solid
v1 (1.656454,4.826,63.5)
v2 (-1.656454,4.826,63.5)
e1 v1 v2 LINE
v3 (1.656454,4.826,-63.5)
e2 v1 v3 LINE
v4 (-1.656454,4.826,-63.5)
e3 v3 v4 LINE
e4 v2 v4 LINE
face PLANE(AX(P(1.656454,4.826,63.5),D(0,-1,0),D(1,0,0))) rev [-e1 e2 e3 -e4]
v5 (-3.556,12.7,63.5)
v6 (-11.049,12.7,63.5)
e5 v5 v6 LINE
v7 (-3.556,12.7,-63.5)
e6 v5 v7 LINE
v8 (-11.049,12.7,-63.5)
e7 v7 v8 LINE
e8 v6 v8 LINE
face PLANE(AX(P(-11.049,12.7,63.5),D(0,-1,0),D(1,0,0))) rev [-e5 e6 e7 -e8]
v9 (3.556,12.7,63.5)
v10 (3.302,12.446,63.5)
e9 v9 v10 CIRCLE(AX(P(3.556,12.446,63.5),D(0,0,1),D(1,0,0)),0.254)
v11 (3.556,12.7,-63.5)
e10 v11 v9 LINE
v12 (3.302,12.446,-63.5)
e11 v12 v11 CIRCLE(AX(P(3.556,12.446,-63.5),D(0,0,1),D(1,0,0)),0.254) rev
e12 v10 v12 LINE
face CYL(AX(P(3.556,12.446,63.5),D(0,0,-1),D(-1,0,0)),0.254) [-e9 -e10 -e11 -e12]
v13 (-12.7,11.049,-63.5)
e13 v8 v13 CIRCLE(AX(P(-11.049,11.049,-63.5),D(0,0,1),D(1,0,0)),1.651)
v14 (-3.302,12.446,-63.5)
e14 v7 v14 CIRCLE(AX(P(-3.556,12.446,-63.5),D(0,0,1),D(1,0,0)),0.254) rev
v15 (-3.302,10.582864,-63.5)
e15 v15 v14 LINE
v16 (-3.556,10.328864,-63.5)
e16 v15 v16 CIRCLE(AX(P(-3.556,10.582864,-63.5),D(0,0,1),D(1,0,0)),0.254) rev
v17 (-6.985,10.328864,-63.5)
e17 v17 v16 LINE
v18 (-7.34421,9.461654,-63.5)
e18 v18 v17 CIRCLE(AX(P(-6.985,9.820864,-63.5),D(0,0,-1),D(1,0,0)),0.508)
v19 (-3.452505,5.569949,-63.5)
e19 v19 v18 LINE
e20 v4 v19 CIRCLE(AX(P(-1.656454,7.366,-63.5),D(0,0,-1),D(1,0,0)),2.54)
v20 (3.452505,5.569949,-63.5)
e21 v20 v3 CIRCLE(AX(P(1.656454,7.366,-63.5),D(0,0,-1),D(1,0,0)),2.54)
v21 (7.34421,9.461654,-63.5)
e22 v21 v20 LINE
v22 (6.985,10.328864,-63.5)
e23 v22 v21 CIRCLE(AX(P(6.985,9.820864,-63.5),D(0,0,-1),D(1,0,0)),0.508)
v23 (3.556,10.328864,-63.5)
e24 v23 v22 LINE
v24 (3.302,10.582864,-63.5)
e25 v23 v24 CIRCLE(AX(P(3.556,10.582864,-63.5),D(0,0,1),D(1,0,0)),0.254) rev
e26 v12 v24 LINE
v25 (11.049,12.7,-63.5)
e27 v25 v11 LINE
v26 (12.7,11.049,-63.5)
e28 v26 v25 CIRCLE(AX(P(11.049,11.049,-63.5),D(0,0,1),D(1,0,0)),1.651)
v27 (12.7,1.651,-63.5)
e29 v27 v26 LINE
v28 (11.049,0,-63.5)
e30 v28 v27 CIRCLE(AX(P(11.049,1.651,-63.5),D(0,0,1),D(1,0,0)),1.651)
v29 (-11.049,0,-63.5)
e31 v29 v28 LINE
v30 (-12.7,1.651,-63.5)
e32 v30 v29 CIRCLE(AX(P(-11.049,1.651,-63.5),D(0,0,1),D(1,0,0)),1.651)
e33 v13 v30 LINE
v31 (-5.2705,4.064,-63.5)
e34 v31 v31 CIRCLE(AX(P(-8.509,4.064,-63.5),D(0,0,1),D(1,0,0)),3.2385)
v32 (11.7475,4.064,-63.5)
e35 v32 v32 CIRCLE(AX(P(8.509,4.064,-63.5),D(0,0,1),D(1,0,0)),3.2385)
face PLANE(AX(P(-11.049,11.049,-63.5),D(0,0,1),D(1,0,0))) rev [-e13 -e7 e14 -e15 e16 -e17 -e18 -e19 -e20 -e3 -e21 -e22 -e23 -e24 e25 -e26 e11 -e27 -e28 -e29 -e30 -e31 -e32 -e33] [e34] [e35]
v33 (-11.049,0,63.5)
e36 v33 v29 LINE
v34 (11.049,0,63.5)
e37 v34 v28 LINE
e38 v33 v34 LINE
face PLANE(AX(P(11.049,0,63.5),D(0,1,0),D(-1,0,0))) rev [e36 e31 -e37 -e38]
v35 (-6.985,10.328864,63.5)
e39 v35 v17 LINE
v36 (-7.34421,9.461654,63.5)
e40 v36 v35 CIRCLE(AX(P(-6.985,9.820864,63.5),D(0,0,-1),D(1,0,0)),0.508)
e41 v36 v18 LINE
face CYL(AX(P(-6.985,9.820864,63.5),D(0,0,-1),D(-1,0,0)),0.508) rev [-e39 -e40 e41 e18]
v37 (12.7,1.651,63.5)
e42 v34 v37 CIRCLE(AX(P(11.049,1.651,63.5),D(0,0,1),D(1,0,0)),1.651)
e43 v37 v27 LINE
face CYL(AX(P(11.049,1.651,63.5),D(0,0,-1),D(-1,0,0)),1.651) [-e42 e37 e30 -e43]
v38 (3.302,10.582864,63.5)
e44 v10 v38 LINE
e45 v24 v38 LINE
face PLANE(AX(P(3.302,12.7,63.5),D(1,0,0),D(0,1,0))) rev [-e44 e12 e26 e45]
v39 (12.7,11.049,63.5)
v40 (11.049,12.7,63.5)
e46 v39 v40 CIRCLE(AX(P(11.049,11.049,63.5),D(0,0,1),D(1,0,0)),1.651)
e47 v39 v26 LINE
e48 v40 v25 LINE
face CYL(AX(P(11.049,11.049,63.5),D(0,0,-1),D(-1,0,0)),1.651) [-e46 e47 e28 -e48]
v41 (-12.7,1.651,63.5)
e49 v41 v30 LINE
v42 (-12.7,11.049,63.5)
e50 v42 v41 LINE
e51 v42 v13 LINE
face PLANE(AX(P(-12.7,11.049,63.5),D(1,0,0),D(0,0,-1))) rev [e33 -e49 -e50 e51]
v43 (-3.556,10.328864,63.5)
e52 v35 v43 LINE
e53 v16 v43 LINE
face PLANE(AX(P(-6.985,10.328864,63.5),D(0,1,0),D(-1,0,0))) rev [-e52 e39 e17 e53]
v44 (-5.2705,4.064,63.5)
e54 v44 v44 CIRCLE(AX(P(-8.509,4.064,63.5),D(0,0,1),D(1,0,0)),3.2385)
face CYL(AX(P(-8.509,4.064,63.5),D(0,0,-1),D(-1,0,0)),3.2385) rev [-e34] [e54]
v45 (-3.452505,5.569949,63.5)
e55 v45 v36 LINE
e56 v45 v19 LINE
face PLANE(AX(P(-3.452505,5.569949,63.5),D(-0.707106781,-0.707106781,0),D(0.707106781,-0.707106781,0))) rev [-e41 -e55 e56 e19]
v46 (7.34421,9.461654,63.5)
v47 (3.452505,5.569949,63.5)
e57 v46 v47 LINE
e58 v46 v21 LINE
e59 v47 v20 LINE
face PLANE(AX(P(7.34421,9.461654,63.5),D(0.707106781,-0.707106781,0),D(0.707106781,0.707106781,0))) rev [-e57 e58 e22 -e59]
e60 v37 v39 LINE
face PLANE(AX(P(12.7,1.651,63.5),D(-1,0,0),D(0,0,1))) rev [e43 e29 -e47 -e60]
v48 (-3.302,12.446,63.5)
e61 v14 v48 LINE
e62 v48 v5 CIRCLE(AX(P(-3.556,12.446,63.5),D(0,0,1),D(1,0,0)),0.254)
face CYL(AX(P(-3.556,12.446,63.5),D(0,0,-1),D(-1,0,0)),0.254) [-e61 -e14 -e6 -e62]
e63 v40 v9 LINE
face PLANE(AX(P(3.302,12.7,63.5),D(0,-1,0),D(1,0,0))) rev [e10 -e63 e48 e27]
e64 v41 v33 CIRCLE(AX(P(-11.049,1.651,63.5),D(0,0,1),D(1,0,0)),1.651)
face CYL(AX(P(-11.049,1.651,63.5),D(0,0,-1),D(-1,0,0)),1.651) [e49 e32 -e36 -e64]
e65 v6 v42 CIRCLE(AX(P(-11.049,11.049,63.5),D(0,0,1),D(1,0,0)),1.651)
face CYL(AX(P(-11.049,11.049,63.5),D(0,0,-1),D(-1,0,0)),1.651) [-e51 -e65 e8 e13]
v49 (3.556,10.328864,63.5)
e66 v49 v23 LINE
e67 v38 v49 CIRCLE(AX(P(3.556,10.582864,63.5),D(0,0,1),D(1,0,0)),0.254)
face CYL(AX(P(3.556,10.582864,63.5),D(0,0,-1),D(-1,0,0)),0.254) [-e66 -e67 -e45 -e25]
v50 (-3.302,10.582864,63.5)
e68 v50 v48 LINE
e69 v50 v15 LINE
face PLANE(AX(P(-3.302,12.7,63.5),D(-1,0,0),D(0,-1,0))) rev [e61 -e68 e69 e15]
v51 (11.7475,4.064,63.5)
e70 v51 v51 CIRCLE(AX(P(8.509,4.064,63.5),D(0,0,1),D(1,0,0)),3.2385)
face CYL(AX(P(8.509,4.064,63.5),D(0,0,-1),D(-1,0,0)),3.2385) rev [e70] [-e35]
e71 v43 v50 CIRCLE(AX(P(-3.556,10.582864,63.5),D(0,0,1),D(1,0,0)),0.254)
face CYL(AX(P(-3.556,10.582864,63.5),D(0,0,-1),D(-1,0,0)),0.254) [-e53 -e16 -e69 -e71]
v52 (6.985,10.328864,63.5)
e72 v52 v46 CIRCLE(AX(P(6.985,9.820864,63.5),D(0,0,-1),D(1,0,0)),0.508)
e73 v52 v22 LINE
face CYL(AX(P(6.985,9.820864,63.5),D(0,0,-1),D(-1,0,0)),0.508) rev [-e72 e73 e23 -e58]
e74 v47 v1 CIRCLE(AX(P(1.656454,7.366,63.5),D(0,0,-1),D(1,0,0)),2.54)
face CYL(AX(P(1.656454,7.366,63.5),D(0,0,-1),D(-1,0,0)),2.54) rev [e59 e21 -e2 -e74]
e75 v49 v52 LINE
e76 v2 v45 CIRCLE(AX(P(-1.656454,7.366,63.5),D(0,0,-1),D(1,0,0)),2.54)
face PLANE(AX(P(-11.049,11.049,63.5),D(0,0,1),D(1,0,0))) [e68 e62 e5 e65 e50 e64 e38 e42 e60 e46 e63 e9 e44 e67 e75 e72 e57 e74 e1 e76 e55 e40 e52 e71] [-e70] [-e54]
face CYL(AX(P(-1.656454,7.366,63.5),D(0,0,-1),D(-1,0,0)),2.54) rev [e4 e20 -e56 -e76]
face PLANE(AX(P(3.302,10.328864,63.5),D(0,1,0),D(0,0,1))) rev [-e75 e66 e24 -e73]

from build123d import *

# Parameters (mm, degrees)
SKETCH3_R           = 3.2385
BOSS_EXTRUDE1_DEPTH = 63.5
FILLET1_R           = 0.254


with BuildPart() as part:
    # Sketch3 → Boss-Extrude1 (new body, symmetric)
    with BuildSketch(Plane.XY):
        with BuildLine():
            Line((-11.049, 12.7), (-3.302, 12.7))
            Line((-3.302, 12.7), (-3.302, 10.328863887))
            Line((-3.302, 10.328863887), (-6.985, 10.328863887))
            ThreePointArc((-6.985, 10.328863887), (-7.454330803, 10.01526707), (-7.344210245, 9.461653642))
            Line((-7.344210245, 9.461653642), (-3.452505379, 5.569948776))
            ThreePointArc((-3.452505379, 5.569948776), (-2.628470073, 5.019345987), (-1.656454155, 4.826))
            Line((-1.656454155, 4.826), (1.656454155, 4.826))
            ThreePointArc((1.656454155, 4.826), (2.628470073, 5.019345987), (3.452505379, 5.569948776))
            Line((3.452505379, 5.569948776), (7.344210245, 9.461653642))
            ThreePointArc((7.344210245, 9.461653642), (7.454330803, 10.01526707), (6.985, 10.328863887))
            Line((6.985, 10.328863887), (3.302, 10.328863887))
            Line((3.302, 10.328863887), (3.302, 12.7))
            Line((3.302, 12.7), (11.049, 12.7))
            ThreePointArc((11.049, 12.7), (12.216433296, 12.216433296), (12.7, 11.049))
            Line((12.7, 11.049), (12.7, 1.651))
            ThreePointArc((12.7, 1.651), (12.216433296, 0.483566704), (11.049, 0))
            Line((11.049, 0), (-11.049, 0))
            ThreePointArc((-11.049, 0), (-12.216433296, 0.483566704), (-12.7, 1.651))
            Line((-12.7, 1.651), (-12.7, 11.049))
            ThreePointArc((-12.7, 11.049), (-12.216433296, 12.216433296), (-11.049, 12.7))
        make_face()
        with Locations((8.509, 4.064)):
            Circle(SKETCH3_R, mode=Mode.SUBTRACT)
        with Locations((-8.509, 4.064)):
            Circle(SKETCH3_R, mode=Mode.SUBTRACT)
    extrude(amount=BOSS_EXTRUDE1_DEPTH, both=True)

    # Fillet1
    fillet1_edges = [part.edges().sort_by_distance(p)[0] for p in [
        (-3.302, 12.7, 0),
        (-3.302, 10.328863887, 0),
        (3.302, 10.328863887, 0),
        (3.302, 12.7, 0),
    ]]
    fillet(fillet1_edges, radius=FILLET1_R)


solid = part.part
